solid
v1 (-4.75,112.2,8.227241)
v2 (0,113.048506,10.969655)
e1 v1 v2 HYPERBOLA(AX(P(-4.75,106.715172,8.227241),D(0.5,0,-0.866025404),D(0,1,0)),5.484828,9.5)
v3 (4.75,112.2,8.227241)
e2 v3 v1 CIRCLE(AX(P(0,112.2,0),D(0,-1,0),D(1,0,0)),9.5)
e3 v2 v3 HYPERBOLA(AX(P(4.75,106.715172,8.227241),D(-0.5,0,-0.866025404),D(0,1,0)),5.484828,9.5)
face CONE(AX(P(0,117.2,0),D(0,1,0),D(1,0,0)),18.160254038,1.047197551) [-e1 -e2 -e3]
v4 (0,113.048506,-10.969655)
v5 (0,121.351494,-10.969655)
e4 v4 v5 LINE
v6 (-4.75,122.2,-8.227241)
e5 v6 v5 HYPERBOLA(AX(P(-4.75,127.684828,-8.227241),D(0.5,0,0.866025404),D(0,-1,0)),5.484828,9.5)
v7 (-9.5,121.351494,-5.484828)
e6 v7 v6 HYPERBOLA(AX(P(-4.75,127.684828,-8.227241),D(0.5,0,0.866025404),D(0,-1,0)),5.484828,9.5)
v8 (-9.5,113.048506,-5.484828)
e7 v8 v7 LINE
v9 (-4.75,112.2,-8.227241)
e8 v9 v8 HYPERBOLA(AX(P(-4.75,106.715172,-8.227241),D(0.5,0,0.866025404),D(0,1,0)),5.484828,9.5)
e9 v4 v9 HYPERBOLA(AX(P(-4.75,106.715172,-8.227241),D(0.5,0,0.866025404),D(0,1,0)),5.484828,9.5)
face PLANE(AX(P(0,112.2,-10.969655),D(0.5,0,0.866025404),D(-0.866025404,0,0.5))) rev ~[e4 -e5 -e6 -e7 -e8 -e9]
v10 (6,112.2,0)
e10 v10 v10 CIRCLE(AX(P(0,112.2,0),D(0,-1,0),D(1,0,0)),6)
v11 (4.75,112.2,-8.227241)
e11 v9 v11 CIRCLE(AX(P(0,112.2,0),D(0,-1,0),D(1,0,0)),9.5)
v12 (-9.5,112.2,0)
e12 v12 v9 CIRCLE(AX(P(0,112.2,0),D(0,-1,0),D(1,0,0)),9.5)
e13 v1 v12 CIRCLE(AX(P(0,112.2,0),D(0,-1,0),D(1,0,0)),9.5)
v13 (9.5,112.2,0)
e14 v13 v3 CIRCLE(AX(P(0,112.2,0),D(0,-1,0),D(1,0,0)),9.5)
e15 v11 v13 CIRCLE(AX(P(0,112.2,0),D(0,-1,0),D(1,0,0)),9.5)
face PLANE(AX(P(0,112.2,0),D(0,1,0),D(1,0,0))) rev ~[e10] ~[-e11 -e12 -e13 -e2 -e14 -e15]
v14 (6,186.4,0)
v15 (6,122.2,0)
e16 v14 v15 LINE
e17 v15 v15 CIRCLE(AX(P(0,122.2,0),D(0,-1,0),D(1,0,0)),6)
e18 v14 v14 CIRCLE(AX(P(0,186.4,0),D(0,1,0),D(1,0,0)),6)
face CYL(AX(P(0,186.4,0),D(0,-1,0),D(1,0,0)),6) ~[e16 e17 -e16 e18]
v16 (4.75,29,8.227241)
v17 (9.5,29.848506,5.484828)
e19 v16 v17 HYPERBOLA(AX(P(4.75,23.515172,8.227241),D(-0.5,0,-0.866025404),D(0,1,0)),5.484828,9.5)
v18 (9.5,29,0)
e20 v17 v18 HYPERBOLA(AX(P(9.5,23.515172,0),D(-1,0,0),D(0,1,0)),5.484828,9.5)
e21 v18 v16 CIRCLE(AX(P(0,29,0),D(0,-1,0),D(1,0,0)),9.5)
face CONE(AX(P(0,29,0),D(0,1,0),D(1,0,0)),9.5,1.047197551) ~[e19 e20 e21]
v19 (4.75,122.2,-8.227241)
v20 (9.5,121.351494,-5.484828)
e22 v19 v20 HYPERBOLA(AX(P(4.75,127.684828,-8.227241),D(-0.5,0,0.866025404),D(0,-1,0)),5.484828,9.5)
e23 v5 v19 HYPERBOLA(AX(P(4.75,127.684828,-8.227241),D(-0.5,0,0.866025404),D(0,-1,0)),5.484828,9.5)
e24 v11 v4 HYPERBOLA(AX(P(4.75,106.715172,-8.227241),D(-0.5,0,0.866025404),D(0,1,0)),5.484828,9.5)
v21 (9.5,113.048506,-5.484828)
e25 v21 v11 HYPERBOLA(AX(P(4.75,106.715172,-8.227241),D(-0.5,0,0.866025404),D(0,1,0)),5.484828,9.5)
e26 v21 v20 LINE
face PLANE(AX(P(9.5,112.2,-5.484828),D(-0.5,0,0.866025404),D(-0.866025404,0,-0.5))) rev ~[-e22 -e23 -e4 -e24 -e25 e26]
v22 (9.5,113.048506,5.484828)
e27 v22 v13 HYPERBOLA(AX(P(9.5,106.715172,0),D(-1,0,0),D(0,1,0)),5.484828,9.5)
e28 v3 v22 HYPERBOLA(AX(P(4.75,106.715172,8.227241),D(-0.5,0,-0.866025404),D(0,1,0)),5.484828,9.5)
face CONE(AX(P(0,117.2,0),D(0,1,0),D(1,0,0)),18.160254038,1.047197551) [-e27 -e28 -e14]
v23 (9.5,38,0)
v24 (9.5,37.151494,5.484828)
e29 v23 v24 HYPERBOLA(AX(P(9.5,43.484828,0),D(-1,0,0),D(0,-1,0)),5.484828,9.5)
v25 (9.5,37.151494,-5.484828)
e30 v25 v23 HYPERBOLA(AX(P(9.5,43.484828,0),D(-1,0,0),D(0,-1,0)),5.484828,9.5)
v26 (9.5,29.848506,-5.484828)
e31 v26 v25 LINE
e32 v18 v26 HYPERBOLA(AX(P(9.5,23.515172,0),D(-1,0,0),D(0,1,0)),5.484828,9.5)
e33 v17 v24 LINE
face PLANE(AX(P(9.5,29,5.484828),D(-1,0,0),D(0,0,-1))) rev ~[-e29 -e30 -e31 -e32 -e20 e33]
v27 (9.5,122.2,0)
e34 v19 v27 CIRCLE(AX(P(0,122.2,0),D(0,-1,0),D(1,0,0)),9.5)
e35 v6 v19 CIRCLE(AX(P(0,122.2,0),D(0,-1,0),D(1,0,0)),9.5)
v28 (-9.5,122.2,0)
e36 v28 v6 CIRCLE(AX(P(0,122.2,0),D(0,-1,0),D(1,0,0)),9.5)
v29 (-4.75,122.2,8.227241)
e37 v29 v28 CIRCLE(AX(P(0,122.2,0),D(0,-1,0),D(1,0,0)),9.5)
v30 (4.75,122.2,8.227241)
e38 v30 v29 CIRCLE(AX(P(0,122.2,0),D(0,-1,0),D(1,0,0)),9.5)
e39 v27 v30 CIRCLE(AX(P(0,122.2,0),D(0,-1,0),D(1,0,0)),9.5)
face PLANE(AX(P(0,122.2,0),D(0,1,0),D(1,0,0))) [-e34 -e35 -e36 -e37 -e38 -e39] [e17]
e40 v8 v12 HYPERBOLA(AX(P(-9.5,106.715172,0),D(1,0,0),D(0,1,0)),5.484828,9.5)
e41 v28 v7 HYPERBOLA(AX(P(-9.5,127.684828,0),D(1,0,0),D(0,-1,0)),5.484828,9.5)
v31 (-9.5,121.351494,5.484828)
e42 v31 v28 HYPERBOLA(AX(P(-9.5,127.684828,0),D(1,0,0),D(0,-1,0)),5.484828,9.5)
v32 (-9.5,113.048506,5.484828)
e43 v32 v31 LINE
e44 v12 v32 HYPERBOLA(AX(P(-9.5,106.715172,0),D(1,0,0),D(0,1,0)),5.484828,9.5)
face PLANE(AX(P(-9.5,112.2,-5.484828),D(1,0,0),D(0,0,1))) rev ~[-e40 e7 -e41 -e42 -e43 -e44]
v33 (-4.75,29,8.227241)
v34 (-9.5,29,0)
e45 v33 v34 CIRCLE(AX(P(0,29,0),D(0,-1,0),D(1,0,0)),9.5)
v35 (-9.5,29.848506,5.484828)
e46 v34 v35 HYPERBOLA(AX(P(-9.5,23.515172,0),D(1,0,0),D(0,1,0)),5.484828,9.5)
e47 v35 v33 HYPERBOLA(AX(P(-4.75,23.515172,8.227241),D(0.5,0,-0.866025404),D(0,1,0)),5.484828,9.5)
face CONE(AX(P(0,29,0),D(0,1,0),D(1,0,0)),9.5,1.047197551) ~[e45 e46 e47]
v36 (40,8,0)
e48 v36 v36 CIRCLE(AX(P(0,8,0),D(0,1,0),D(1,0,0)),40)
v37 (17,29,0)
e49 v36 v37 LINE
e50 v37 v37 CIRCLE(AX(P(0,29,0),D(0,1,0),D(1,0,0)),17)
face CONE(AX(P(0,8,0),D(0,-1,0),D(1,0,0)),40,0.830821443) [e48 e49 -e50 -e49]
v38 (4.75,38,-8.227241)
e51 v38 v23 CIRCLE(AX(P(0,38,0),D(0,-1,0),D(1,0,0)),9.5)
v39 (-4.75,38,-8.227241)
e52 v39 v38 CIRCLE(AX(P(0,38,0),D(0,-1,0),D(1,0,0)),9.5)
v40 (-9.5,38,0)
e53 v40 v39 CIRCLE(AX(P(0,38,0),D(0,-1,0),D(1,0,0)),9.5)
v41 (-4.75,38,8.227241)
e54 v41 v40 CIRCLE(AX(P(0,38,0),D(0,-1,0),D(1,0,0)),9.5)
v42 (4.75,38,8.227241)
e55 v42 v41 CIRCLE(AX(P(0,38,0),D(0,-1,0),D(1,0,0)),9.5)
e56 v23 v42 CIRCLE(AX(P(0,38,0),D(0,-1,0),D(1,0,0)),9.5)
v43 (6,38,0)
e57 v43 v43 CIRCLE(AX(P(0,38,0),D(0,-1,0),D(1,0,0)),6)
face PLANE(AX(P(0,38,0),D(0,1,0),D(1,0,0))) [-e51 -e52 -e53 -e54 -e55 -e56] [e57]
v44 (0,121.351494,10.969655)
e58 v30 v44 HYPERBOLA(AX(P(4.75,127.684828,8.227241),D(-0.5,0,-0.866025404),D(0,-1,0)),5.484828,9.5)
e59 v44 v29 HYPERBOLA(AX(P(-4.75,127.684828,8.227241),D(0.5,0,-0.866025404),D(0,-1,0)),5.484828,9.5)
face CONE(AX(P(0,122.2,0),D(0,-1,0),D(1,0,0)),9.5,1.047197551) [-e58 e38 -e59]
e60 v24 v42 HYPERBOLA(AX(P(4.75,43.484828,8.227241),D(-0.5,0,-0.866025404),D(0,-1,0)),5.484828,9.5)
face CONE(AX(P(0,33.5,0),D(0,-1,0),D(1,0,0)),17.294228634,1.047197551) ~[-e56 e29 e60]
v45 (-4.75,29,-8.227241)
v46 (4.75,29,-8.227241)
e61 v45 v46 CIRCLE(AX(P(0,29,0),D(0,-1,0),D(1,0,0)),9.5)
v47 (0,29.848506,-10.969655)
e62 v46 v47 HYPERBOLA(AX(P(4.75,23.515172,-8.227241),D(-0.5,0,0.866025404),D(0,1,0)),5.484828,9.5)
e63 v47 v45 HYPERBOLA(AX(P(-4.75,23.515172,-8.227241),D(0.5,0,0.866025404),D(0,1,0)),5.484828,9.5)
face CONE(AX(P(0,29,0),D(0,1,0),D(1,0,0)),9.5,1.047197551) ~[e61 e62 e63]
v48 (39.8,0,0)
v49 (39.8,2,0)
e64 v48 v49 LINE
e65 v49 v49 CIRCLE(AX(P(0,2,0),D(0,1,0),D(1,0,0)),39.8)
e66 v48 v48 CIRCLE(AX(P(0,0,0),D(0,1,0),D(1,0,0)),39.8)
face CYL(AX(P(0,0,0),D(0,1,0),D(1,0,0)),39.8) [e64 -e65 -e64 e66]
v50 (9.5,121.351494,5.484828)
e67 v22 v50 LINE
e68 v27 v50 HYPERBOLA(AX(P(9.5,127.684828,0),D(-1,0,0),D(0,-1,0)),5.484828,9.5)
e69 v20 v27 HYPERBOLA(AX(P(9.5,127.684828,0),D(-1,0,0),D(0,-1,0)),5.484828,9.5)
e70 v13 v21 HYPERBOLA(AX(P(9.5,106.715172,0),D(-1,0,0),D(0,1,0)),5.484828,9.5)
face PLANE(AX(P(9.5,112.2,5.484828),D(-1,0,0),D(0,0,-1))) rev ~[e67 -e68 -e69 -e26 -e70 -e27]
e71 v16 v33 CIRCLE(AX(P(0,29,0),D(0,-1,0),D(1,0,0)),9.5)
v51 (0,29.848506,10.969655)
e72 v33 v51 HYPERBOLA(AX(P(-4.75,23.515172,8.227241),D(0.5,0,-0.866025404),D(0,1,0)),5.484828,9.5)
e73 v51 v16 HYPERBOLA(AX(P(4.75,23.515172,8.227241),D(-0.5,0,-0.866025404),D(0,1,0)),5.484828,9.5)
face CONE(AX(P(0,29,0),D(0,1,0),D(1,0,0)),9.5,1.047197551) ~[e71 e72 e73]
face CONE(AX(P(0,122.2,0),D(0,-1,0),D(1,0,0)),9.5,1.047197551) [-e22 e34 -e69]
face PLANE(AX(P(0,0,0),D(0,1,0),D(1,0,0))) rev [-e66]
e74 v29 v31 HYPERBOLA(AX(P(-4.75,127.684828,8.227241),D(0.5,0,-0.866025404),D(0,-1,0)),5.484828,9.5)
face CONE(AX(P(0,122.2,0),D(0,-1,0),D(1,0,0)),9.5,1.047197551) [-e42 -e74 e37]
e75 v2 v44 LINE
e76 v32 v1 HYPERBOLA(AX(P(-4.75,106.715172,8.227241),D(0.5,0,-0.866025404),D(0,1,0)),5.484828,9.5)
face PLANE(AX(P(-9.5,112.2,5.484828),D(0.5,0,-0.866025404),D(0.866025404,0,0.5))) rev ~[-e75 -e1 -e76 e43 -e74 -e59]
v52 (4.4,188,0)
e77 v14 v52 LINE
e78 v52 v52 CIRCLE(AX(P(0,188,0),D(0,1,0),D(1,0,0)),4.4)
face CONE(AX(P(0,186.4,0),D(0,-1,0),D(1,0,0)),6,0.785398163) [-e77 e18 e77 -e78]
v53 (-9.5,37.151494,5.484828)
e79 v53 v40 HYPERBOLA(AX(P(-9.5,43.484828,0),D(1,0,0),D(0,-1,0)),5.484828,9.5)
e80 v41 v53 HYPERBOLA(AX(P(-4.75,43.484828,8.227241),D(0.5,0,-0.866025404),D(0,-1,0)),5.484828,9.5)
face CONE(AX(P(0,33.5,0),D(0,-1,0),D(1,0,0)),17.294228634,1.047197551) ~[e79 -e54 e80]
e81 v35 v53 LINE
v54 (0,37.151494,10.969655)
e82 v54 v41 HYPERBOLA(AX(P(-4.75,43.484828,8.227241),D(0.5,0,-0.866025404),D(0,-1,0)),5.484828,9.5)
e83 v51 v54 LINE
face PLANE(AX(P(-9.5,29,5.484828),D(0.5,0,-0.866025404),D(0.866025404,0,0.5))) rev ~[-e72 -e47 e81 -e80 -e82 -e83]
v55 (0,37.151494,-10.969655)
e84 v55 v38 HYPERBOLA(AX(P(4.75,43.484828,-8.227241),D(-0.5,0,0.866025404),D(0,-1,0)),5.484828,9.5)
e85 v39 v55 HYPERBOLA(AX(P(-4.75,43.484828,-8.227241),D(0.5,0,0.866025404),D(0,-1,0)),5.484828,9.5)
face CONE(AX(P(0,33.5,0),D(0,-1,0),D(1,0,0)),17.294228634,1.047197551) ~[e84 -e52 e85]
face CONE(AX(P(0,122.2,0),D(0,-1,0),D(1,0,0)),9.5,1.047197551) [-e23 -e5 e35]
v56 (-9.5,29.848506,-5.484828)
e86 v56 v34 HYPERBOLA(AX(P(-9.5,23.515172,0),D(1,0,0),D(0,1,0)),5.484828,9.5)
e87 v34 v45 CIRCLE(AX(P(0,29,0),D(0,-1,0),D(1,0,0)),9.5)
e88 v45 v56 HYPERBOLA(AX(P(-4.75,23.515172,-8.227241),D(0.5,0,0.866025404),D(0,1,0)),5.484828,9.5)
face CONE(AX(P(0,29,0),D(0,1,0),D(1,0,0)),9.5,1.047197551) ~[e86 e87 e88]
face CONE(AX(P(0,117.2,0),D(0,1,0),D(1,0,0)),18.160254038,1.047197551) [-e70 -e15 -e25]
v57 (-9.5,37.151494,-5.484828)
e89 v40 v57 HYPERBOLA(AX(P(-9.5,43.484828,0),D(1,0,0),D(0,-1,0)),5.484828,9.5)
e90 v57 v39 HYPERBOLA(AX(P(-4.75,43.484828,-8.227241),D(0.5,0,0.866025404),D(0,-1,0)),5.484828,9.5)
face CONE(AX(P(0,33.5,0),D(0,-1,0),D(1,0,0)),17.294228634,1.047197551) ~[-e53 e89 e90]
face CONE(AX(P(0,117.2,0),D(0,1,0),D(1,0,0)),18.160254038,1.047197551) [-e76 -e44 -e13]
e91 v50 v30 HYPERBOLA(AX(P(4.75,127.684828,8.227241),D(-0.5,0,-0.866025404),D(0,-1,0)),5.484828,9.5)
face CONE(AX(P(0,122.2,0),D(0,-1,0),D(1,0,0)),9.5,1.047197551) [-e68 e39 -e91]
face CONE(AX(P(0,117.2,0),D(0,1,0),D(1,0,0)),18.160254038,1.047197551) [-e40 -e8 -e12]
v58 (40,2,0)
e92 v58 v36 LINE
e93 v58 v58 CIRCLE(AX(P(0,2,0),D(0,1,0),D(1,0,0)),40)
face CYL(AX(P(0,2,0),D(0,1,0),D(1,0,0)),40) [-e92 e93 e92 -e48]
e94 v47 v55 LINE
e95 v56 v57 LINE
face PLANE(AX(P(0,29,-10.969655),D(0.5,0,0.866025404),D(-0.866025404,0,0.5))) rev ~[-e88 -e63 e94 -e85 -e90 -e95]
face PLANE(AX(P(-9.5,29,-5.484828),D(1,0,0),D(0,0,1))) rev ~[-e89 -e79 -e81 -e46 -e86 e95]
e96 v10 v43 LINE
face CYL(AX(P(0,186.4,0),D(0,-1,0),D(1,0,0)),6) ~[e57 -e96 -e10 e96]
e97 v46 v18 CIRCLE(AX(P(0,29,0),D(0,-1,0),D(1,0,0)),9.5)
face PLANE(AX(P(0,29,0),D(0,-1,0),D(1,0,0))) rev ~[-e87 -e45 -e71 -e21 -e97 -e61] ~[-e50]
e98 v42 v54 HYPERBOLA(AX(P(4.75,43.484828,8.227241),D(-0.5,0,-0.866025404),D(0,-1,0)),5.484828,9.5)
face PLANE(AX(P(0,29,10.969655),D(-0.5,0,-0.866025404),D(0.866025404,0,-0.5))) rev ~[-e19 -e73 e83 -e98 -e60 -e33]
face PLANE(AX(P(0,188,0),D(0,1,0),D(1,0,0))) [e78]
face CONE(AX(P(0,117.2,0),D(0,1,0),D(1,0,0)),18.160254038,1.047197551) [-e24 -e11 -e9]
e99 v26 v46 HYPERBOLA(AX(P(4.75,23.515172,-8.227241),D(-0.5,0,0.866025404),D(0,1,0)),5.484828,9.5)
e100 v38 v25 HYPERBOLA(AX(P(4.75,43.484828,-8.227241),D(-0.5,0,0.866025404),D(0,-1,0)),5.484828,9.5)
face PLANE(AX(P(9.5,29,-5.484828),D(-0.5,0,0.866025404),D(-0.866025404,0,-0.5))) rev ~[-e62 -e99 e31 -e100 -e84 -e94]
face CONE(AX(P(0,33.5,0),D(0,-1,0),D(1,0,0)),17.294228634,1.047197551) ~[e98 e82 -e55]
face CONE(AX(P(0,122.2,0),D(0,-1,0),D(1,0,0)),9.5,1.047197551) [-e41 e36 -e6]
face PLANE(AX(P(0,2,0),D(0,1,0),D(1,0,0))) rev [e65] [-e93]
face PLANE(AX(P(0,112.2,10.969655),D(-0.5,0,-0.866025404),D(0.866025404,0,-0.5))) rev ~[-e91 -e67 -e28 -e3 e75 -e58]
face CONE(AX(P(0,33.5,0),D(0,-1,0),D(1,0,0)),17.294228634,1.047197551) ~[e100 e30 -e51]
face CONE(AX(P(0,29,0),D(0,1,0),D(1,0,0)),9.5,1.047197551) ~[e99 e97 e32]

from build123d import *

# Parameters (mm, degrees)
EXTRUDE_1_DEPTH = 9
EXTRUDE_2_DEPTH = 10


with BuildPart() as part:
    # Эскиз1 → Повернуть1 (revolve)
    with BuildSketch(Plane.XY, mode=Mode.PRIVATE) as revolve_1_sk:
        Polygon((0, 0), (-39.8, 0), (-39.8, 2), (-40, 2), (-40, 8), (-17, 29), (-6, 29), (-6, 38), (-6, 186.4), (-4.4, 188), (0, 188), align=None)
    revolve(revolve_1_sk.sketch.rotate(Axis((0, 0, 0), (0, 1, 0)), 180), axis=Axis((0, 0, 0), (0, 1, 0)))  # turned: the seam where the file's is

    # Эскиз2 → Бобышка-Вытянуть1 (add)
    with BuildSketch(Plane(origin=(0, 29, 0), x_dir=(1, 0, 0), z_dir=(0, 1, 0))):
        Polygon((0, 10.969655115), (-9.5, 5.484827557), (-9.5, -5.484827557), (0, -10.969655115), (9.5, -5.484827557), (9.5, 5.484827557), align=None)
    extrude(amount=EXTRUDE_1_DEPTH)

    # Эскиз3 → Бобышка-Вытянуть2 (add)
    with BuildSketch(Plane(origin=(0, 112.2, 0), x_dir=(1, 0, 0), z_dir=(0, 1, 0))):
        Polygon((9.5, 5.484827557), (0, 10.969655115), (-9.5, 5.484827557), (-9.5, -5.484827557), (0, -10.969655115), (9.5, -5.484827557), align=None)
    extrude(amount=EXTRUDE_2_DEPTH)

    # Эскиз4 → Вырез-Повернуть2 (revolve, cut)
    with BuildSketch(Plane.XY, mode=Mode.PRIVATE) as cut_revolve_2_sk:
        Polygon((-18.160254038, 122.2), (-9.5, 122.2), (-18.160254038, 117.2), align=None)
        Polygon((-18.160254038, 112.2), (-18.160254038, 117.2), (-9.5, 112.2), align=None)
        Polygon((-17.294228634, 38), (-17.294228634, 33.5), (-9.5, 38), align=None)
        Polygon((-17.294228634, 33.5), (-17.294228634, 29), (-9.5, 29), align=None)
    revolve(cut_revolve_2_sk.sketch.rotate(Axis((0, 188, 0), (0, -1, 0)), 180), axis=Axis((0, 188, 0), (0, -1, 0)), mode=Mode.SUBTRACT)  # turned: the seam where the file's is


solid = part.part
